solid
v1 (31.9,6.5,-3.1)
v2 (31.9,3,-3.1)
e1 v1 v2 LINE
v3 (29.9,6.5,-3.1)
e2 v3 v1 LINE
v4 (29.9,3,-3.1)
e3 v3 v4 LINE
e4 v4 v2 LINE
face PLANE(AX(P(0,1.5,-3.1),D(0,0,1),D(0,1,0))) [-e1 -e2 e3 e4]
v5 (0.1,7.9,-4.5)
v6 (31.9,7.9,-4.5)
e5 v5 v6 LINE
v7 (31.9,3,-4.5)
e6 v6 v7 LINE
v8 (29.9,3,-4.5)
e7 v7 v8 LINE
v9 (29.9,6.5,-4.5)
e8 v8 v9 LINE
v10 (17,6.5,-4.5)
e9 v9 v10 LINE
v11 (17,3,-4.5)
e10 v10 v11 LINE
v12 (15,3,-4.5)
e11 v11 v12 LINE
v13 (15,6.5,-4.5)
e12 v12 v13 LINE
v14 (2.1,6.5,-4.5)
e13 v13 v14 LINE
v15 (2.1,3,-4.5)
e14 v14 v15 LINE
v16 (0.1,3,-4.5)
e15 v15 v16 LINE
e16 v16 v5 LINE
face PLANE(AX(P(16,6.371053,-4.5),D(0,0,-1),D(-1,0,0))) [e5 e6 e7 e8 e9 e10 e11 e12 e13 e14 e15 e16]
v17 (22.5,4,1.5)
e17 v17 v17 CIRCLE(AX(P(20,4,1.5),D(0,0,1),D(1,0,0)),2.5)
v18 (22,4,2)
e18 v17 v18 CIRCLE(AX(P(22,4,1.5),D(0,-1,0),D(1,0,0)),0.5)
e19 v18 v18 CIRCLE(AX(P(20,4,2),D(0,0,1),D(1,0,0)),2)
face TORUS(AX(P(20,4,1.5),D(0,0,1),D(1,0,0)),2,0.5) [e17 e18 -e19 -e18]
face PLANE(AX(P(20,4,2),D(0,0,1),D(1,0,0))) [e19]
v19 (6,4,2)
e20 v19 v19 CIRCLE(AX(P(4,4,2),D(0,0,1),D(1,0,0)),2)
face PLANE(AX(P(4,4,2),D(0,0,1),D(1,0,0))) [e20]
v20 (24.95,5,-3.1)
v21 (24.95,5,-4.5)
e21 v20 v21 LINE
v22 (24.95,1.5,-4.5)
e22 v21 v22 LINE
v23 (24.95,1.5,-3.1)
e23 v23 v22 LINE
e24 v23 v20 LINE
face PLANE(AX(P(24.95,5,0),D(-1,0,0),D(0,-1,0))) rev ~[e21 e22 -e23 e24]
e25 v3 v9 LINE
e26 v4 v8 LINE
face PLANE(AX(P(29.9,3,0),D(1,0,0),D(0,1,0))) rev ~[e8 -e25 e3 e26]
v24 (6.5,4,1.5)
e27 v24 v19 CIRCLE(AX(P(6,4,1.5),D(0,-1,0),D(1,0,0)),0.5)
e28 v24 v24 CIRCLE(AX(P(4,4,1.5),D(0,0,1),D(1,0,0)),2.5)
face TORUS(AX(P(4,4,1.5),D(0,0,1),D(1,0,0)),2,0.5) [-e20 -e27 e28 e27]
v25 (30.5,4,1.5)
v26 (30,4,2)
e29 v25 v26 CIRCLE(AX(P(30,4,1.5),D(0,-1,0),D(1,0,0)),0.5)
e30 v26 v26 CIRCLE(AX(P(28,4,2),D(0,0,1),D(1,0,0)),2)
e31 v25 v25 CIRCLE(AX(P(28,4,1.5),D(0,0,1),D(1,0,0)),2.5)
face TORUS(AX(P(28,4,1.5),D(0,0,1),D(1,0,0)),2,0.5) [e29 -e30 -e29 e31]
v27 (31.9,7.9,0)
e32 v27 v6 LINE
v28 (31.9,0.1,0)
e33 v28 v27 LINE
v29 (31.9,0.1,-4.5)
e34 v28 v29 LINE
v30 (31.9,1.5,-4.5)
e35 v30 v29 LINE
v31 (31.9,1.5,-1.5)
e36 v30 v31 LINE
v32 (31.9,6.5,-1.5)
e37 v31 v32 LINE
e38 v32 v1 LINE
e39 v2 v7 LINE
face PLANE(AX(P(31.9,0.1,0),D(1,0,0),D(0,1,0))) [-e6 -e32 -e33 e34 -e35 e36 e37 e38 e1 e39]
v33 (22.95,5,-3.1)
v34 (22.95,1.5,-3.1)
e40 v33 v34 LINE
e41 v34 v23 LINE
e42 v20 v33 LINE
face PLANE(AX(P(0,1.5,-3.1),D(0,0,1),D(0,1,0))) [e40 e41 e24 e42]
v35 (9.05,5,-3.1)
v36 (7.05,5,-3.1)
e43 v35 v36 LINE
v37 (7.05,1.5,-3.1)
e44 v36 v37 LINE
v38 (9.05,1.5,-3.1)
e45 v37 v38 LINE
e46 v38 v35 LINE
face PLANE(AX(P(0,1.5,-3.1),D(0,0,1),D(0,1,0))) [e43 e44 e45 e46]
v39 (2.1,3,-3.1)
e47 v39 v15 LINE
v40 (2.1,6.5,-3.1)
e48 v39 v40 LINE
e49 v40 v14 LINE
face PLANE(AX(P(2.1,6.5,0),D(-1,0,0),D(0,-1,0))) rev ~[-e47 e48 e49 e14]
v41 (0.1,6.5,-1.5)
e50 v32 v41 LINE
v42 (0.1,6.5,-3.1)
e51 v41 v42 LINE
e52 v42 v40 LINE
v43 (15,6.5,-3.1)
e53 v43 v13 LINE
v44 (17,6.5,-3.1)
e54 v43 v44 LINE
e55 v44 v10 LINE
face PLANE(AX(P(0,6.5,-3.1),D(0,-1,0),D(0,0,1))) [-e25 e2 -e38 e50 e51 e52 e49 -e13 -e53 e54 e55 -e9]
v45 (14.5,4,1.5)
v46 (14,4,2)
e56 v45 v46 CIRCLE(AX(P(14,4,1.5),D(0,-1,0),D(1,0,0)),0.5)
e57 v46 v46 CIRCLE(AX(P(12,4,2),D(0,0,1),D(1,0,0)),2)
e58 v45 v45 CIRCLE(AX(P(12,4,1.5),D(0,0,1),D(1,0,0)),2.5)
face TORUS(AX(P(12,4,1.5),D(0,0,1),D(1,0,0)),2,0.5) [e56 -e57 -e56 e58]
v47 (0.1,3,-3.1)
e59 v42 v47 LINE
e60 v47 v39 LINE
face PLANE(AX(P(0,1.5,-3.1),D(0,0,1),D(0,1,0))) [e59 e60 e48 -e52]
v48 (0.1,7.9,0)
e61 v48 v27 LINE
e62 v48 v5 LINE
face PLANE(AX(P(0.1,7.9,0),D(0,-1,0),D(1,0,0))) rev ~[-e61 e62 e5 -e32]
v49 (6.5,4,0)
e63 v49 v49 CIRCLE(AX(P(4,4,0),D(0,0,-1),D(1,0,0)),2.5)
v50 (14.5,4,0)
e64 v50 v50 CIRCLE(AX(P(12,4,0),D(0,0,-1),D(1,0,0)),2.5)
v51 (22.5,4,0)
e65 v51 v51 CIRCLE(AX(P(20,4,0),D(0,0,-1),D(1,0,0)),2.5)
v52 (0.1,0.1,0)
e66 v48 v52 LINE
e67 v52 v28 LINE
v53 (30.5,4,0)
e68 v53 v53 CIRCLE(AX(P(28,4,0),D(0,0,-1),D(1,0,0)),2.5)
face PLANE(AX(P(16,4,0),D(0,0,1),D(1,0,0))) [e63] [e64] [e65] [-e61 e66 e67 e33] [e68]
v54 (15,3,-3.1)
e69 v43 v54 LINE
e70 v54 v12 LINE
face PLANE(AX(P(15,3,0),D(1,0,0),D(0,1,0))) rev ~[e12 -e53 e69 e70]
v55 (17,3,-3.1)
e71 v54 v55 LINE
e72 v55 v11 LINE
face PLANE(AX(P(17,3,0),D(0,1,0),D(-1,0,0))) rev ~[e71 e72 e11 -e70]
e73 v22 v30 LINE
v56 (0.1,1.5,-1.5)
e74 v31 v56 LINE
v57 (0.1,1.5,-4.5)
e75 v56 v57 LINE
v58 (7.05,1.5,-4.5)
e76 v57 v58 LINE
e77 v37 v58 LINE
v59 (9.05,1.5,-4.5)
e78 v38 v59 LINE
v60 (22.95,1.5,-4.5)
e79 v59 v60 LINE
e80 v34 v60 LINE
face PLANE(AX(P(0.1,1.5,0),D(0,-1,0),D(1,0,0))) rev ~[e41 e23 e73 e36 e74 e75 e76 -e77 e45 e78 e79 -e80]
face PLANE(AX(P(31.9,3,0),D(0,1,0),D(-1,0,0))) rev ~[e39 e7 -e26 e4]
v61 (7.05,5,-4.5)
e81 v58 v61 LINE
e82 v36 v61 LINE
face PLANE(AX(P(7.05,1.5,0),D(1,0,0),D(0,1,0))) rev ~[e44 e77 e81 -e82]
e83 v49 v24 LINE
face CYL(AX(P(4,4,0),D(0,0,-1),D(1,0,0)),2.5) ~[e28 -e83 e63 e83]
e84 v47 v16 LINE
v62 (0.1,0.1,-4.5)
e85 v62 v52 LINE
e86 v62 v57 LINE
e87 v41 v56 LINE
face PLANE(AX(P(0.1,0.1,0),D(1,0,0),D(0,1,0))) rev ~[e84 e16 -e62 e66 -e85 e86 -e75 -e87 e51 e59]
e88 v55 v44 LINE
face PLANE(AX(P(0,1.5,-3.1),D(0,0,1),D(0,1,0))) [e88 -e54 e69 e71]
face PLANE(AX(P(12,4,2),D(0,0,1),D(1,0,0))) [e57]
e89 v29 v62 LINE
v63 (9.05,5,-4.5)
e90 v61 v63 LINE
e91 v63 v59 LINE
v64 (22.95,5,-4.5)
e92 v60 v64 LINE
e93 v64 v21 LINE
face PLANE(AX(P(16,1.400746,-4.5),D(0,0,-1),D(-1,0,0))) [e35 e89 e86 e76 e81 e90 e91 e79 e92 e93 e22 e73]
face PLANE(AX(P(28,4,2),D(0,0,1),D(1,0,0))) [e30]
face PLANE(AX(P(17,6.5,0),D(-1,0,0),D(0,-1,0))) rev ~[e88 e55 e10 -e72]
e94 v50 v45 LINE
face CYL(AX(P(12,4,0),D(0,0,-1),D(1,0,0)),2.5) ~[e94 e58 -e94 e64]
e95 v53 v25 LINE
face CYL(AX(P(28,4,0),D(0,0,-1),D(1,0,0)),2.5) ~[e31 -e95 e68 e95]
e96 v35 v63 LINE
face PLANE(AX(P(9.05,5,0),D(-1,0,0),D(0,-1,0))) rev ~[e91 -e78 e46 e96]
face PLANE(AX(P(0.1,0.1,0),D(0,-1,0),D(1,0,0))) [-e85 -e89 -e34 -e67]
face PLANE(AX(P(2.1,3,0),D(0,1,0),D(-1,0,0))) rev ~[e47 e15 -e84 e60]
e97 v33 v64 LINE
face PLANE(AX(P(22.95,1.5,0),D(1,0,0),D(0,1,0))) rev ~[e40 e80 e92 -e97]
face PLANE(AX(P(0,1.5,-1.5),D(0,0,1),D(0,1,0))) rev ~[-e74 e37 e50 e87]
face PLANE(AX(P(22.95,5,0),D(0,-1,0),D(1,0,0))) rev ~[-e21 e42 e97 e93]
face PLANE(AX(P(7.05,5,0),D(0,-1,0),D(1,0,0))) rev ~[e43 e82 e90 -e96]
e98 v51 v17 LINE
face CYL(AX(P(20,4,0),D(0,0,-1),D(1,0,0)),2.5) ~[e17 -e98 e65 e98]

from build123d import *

# Parameters (mm, degrees)
SKETCH001_W  = 31.8
SKETCH001_H  = 7.8
PAD_DEPTH    = 1.5
SKETCH002_R  = 2.5
PAD001_DEPTH = 2
FILLET_R     = 0.5
PAD002_DEPTH = 4.5
SKETCH004_W  = 5
SKETCH004_H  = 1.6
POCKET_DEPTH = 100


with BuildPart() as part:
    # Sketch001 → Pad (new body)
    with BuildSketch(Plane.XY):
        with Locations((16, 4)):
            Rectangle(SKETCH001_W, SKETCH001_H)
    extrude(amount=-PAD_DEPTH)

    # Sketch002 → Pad001 (join)
    with BuildSketch(Plane.XY):
        with Locations((4, 4)):
            Circle(SKETCH002_R)
        with Locations((12, 4)):
            Circle(SKETCH002_R)
        with Locations((20, 4)):
            Circle(SKETCH002_R)
        with Locations((28, 4)):
            Circle(SKETCH002_R)
    extrude(amount=PAD001_DEPTH)

    # Fillet
    fillet_edges = [part.edges().sort_by_distance(p)[0] for p in [
        (1.5, 4, 2),
        (9.5, 4, 2),
        (17.5, 4, 2),
        (25.5, 4, 2),
    ]]
    fillet(fillet_edges, radius=FILLET_R)

    # Sketch003 → Pad002 (join)
    with BuildSketch(Plane.XY):
        Polygon((0.1, 7.9), (31.9, 7.9), (31.9, 3), (29.9, 3), (29.9, 6.5), (17, 6.5), (17, 3), (15, 3), (15, 6.5), (2.1, 6.5), (2.1, 3), (0.1, 3), align=None)
        Polygon((0.1, 0.1), (0.1, 1.5), (7.05, 1.5), (7.05, 5), (9.05, 5), (9.05, 1.5), (22.95, 1.5), (22.95, 5), (24.95, 5), (24.95, 1.5), (31.9, 1.5), (31.9, 0.1), align=None)
    extrude(amount=-PAD002_DEPTH)

    # Sketch004 → Pocket (cut)
    with BuildSketch(Plane.YZ):
        with Locations((4, -2.3)):
            Rectangle(SKETCH004_W, SKETCH004_H)
    extrude(amount=POCKET_DEPTH, mode=Mode.SUBTRACT)


solid = part.part
